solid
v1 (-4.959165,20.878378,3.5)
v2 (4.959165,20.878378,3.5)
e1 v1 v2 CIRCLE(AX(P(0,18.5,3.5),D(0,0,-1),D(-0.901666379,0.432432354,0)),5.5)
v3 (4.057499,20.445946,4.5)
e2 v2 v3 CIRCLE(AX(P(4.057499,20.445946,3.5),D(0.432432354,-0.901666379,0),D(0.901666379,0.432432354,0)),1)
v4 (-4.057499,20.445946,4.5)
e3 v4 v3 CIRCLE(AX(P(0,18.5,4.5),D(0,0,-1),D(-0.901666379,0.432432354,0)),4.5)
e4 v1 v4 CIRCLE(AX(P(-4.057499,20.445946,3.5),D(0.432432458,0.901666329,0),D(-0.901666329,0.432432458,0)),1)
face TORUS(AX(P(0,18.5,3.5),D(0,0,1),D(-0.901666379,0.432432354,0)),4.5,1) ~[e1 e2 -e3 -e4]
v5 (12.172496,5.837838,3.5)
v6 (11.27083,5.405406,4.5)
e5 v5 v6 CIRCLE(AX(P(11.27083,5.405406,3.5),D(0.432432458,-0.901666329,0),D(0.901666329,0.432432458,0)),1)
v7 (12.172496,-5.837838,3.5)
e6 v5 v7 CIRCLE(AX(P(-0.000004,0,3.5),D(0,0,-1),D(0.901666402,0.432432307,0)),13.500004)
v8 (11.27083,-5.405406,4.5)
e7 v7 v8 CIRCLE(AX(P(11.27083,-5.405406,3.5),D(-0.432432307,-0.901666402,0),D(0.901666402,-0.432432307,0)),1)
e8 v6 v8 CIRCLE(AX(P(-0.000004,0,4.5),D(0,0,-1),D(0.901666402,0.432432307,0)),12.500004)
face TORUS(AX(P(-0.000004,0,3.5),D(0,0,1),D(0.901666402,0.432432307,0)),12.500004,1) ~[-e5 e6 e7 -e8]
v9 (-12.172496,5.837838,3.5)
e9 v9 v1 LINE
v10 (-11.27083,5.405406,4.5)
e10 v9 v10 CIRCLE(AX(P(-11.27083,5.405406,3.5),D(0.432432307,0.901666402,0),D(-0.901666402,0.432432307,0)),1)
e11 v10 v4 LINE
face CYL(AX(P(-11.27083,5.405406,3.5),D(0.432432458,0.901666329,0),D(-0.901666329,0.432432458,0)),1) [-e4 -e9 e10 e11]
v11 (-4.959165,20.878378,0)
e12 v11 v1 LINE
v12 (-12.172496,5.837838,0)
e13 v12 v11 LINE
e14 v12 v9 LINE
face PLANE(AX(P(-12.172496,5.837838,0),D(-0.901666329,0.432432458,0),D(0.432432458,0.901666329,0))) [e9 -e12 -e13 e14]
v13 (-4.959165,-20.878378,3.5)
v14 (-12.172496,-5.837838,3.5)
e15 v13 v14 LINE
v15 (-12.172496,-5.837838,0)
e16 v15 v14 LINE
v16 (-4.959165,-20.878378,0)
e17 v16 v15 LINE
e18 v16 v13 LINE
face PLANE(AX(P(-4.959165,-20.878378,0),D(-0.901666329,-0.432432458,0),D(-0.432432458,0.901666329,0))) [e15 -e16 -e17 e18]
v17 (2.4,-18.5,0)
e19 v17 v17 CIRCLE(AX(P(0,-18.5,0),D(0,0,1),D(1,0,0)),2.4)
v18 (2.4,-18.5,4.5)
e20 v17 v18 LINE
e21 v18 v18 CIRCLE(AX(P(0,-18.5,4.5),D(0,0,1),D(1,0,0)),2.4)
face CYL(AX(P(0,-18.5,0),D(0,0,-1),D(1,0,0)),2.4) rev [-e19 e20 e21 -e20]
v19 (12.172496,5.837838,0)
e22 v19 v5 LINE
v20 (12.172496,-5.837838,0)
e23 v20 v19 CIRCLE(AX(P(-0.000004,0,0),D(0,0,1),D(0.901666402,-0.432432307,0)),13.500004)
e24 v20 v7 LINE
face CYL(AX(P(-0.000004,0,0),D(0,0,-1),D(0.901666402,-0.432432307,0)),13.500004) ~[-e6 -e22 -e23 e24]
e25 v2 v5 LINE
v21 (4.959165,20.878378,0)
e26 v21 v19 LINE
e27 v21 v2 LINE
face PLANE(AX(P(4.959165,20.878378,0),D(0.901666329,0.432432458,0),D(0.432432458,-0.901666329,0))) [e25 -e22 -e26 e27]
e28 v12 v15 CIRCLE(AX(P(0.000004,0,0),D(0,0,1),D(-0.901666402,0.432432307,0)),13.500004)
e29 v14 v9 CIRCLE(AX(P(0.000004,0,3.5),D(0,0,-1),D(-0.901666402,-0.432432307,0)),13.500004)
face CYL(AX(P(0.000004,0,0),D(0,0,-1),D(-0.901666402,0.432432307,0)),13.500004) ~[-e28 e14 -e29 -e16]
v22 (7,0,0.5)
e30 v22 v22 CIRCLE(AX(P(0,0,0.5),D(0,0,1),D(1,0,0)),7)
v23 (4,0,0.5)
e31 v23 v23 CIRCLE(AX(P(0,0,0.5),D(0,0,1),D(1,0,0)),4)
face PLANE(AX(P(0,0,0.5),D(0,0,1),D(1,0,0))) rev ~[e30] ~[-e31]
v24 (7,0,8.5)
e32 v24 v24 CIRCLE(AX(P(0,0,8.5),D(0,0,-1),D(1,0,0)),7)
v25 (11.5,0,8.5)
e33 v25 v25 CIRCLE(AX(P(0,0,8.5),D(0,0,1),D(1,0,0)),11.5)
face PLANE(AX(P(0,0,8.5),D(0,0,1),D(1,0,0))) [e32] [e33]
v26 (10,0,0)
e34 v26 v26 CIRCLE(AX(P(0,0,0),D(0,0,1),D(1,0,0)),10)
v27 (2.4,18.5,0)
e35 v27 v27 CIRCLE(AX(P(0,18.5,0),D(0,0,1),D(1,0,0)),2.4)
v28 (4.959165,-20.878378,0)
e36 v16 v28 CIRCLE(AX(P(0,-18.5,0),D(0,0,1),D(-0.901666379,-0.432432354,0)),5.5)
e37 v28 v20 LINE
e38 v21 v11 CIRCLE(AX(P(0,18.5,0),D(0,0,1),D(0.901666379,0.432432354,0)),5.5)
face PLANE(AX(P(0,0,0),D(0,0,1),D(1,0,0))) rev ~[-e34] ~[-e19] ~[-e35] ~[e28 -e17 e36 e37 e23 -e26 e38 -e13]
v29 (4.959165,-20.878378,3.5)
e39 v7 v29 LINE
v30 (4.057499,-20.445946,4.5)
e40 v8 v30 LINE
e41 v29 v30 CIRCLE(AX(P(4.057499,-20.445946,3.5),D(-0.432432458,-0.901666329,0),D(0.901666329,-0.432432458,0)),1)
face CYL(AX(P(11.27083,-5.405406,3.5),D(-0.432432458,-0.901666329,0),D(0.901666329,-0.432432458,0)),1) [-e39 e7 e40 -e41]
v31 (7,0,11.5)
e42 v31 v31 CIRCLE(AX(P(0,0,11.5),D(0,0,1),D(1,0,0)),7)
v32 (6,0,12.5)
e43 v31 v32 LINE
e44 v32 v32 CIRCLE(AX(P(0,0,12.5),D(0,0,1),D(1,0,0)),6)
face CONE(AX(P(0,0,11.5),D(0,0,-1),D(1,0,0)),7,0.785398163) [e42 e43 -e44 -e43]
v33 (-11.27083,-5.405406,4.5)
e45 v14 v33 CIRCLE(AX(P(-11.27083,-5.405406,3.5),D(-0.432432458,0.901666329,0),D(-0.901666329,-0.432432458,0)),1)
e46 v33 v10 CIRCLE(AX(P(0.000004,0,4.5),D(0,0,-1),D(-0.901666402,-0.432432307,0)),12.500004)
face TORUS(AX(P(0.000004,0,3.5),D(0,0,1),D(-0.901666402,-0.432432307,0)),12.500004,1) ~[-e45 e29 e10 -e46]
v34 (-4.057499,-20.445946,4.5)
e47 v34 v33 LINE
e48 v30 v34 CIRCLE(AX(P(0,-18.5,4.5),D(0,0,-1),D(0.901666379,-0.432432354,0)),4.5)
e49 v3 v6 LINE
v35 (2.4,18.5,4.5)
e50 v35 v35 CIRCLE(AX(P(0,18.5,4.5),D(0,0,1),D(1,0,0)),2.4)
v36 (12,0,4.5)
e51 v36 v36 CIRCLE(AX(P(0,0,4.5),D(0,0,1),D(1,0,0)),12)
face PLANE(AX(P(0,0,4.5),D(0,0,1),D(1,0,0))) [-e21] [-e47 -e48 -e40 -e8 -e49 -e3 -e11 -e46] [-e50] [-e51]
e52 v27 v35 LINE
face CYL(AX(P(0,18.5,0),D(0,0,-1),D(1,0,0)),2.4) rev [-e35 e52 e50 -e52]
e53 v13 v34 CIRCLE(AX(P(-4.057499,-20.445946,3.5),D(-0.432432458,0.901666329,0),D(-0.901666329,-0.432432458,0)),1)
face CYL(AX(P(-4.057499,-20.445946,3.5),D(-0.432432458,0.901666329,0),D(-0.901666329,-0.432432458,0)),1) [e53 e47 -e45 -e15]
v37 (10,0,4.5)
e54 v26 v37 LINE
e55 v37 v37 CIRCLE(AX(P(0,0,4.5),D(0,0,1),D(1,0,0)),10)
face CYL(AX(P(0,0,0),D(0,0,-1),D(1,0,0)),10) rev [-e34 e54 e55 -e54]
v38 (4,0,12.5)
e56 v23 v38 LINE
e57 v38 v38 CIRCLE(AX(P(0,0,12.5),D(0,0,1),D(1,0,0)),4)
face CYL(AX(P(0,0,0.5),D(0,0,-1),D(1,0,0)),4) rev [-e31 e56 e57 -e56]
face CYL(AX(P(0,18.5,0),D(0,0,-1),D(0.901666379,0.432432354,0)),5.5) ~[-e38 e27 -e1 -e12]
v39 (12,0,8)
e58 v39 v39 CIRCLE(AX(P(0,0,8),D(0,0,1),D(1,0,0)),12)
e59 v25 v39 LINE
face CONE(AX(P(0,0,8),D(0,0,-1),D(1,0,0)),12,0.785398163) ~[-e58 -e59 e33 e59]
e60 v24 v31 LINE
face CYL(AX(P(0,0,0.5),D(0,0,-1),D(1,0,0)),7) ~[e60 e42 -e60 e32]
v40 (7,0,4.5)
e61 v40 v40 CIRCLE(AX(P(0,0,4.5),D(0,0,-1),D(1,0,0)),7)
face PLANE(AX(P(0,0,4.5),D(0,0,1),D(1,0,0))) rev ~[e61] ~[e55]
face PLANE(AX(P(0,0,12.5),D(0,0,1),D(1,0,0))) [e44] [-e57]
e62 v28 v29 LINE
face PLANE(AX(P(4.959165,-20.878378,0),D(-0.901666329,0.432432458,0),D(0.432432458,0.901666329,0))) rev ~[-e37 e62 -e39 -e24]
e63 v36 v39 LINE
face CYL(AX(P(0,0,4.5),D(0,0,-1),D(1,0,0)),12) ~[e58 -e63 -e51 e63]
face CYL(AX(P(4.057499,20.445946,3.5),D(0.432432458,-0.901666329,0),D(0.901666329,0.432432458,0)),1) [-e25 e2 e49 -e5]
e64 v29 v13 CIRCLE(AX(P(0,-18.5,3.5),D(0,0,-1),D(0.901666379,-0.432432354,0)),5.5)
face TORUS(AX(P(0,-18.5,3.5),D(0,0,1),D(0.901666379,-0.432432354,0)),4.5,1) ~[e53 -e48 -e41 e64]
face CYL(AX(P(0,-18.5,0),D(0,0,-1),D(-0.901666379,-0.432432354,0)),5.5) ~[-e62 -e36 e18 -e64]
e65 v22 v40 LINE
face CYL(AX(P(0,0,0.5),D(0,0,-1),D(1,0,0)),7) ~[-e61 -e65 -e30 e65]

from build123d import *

# Parameters (mm, degrees)
SKETCH_R        = 2.4
SKETCH_R_2      = 10
PAD_DEPTH       = 4.5
SKETCH001_R     = 12
SKETCH001_R_2   = 6.1
PAD001_DEPTH    = 4
SKETCH002_R     = 7
SKETCH002_R_2   = 4
PAD002_DEPTH    = 12
FILLET_R        = 1
CHAMFER_SIZE    = 1
CHAMFER001_SIZE = 0.5


with BuildPart() as part:
    # Sketch → Pad (new body)
    with BuildSketch(Plane.XY):
        with BuildLine():
            ThreePointArc((12.172496, -5.837838), (13.5, 0), (12.172496, 5.837838))
            Line((4.959165, 20.878378), (12.172496, 5.837838))
            ThreePointArc((4.959165, 20.878378), (0, 24), (-4.959165, 20.878378))
            Line((-12.172496, 5.837838), (-4.959165, 20.878378))
            ThreePointArc((-12.172496, 5.837838), (-13.5, 0), (-12.172496, -5.837838))
            Line((-4.959165, -20.878378), (-12.172496, -5.837838))
            ThreePointArc((-4.959165, -20.878378), (0, -24), (4.959165, -20.878378))
            Line((4.959165, -20.878378), (12.172496, -5.837838))
        make_face()
        with Locations((0, 18.5)):
            Circle(SKETCH_R, mode=Mode.SUBTRACT)
        with Locations((0, -18.5)):
            Circle(SKETCH_R, mode=Mode.SUBTRACT)
        Circle(SKETCH_R_2, mode=Mode.SUBTRACT)
    extrude(amount=PAD_DEPTH)

    # Sketch001 (on Face13 of Pad) → Pad001 (join)
    with BuildSketch(Plane.XY.offset(4.5)):
        Circle(SKETCH001_R)
        Circle(SKETCH001_R_2, mode=Mode.SUBTRACT)
    extrude(amount=PAD001_DEPTH)

    # Sketch002 → Pad002 (join)
    with BuildSketch(Plane.XY.offset(0.5)):
        Circle(SKETCH002_R)
        Circle(SKETCH002_R_2, mode=Mode.SUBTRACT)
    extrude(amount=PAD002_DEPTH)

    # Fillet
    fillet_edges = [part.edges().sort_by_distance(p)[0] for p in [
        (-8.56583, -13.358108, 4.5),
        (-13.5, 0, 4.5),
        (-8.56583, 13.358108, 4.5),
        (0, 24, 4.5),
        (8.56583, 13.358108, 4.5),
        (8.56583, -13.358108, 4.5),
        (0, -24, 4.5),
        (13.5, 0, 4.5),
    ]]
    fillet(fillet_edges, radius=FILLET_R)

    # Chamfer
    chamfer_edges = [part.edges().sort_by_distance(p)[0] for p in [
        (-7, 0, 12.5),
    ]]
    chamfer(chamfer_edges, length=CHAMFER_SIZE)

    # Chamfer001
    chamfer001_edges = [part.edges().sort_by_distance(p)[0] for p in [
        (-12, 0, 8.5),
    ]]
    chamfer(chamfer001_edges, length=CHAMFER001_SIZE)


solid = part.part
